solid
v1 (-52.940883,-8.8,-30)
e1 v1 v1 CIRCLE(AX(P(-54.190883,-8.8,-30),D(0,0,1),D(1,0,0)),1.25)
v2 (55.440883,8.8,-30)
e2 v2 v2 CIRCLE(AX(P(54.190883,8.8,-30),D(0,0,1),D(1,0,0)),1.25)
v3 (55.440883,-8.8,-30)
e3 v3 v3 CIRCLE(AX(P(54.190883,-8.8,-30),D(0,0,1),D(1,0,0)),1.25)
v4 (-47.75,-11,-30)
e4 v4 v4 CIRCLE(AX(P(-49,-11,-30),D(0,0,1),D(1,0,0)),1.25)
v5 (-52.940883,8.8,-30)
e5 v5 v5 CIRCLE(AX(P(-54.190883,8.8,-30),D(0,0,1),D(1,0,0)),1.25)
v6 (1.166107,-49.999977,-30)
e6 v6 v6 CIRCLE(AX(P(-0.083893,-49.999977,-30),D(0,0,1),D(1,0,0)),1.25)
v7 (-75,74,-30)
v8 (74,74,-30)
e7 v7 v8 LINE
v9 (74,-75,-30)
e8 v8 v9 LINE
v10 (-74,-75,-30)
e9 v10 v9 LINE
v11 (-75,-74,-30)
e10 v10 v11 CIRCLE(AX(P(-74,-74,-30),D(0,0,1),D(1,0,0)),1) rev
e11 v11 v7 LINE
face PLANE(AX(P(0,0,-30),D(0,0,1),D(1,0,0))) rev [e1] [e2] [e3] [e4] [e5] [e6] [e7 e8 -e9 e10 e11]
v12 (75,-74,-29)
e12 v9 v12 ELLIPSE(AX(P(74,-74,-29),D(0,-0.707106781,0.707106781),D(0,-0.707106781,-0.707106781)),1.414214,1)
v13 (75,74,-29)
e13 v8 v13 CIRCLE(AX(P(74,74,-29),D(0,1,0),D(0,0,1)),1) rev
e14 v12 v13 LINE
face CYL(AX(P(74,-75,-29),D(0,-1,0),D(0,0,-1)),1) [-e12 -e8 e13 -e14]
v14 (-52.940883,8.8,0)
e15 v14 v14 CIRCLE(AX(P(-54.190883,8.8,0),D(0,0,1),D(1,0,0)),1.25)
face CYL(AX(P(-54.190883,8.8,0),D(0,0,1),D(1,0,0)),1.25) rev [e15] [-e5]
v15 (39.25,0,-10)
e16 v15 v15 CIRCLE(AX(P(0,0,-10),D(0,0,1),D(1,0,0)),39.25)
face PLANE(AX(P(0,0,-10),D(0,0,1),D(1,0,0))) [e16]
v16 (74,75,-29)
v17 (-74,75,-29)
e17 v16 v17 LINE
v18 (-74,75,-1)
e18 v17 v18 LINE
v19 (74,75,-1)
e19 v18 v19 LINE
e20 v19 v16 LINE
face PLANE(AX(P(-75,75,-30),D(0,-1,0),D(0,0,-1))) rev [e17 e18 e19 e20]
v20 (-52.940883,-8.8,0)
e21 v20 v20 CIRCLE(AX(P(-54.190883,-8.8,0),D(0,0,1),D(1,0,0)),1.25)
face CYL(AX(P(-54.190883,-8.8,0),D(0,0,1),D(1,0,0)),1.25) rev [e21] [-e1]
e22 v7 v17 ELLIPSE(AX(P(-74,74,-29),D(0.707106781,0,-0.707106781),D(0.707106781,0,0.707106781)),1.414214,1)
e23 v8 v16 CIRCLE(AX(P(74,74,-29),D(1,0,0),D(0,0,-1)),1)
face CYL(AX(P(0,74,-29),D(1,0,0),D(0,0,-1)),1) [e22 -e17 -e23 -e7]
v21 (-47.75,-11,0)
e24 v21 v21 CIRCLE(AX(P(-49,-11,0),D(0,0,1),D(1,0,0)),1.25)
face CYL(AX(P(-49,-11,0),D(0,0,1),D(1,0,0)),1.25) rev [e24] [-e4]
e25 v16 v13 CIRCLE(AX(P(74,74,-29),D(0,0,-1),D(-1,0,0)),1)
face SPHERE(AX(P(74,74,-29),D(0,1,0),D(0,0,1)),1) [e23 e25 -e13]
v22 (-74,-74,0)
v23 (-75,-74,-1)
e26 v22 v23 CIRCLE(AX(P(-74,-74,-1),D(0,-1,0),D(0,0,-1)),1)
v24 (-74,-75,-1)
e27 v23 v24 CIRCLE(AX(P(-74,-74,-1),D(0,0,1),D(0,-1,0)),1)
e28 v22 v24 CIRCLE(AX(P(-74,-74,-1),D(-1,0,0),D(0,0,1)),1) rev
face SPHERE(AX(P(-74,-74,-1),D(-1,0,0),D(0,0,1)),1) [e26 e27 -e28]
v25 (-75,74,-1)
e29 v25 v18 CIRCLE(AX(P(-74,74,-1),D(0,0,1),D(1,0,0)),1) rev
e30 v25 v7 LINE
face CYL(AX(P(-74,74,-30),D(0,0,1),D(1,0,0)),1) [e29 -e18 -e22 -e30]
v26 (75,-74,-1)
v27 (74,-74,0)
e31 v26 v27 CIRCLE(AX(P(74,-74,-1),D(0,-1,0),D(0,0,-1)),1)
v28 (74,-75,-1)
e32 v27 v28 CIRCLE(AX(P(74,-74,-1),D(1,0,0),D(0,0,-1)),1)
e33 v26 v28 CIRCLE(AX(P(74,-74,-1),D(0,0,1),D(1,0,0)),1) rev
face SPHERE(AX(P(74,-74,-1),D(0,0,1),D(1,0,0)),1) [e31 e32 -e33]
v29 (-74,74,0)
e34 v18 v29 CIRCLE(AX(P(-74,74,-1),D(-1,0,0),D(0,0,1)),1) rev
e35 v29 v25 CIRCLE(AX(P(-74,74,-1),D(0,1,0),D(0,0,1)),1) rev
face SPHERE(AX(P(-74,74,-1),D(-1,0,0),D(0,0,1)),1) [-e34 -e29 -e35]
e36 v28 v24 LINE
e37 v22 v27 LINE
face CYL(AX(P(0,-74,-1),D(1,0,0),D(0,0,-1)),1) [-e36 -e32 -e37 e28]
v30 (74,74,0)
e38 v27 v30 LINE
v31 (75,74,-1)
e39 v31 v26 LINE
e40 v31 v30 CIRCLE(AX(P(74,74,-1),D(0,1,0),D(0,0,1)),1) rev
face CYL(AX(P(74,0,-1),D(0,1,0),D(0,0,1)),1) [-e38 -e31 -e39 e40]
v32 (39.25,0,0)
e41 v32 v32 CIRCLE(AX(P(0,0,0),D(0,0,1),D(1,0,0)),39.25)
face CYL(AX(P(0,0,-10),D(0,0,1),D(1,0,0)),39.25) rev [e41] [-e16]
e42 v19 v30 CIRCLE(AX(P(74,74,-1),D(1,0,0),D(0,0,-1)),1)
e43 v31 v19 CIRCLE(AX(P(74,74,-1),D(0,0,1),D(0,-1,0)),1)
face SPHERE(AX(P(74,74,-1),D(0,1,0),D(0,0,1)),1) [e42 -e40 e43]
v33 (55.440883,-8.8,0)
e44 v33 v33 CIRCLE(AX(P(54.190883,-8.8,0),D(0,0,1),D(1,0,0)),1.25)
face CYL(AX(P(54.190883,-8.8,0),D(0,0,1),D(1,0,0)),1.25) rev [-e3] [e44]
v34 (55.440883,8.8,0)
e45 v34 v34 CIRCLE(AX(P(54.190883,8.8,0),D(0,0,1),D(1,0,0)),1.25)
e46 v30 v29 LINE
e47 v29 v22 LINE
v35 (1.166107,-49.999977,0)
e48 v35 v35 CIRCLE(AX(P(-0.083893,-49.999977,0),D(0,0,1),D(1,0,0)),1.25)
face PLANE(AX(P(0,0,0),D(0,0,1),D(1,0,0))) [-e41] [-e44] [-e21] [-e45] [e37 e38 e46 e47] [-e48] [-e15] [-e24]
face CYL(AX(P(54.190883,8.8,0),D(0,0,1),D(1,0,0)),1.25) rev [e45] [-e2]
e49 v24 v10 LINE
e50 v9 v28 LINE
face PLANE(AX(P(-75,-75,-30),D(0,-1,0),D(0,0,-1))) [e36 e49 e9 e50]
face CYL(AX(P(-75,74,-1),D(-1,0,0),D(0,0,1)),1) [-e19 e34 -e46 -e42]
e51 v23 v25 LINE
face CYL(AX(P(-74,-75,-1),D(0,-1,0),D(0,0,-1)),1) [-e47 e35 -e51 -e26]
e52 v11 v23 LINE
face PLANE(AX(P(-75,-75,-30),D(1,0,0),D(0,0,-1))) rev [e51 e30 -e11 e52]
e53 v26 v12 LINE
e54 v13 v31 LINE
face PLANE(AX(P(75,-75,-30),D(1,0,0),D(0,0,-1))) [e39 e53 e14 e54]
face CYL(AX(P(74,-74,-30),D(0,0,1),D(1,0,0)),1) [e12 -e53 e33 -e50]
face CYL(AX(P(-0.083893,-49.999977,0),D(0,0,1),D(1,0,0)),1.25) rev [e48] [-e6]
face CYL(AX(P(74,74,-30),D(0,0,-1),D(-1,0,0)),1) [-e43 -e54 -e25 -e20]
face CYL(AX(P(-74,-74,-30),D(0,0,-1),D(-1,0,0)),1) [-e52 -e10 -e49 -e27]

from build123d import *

# Parameters (mm, degrees)
SKETCH1_W                   = 150
SKETCH1_H                   = 150
BOSS_EXTRUDE1_DEPTH         = 30
FILLET1_R                   = 1
SKETCH2_R                   = 39.25
CUT_EXTRUDE4_DEPTH          = 10
TAP_DRILL_FOR_M3X0_5_TAP2_D = 2.5
TAP_DRILL_FOR_M3X0_5_TAP3_D = 2.5
TAP_DRILL_FOR_M3X0_5_TAP5_D = 2.5


with BuildPart() as part:
    # Sketch1 → Boss-Extrude1 (new body)
    with BuildSketch(Plane.XY):
        Rectangle(SKETCH1_W, SKETCH1_H)
    extrude(amount=-BOSS_EXTRUDE1_DEPTH)

    # Fillet1
    fillet1_edges = [part.edges().sort_by_distance(p)[0] for p in [
        (0, 75, -30),
        (-75, 0, 0),
        (0, 75, 0),
        (75, 0, 0),
        (0, -75, 0),
        (-75, -75, -15),
        (-75, 75, -15),
        (75, 75, -15),
        (75, -75, -15),
        (75, 0, -30),
    ]]
    fillet(fillet1_edges, radius=FILLET1_R)

    # Sketch2 → Cut-Extrude4 (cut)
    with BuildSketch(Plane.XY):
        Circle(SKETCH2_R)
    extrude(amount=-CUT_EXTRUDE4_DEPTH, mode=Mode.SUBTRACT)

    # Tap Drill for M3x0.5 Tap2 (through all)
    with Locations(Plane.XY):
        with Locations((-54.190883488, -8.8), (-54.190883488, 8.8), (54.190883488, -8.8), (54.190883488, 8.8)):
            Hole(TAP_DRILL_FOR_M3X0_5_TAP2_D / 2)

    # Tap Drill for M3x0.5 Tap3 (through all)
    with Locations(Plane.XY):
        with Locations((-49, -11)):
            Hole(TAP_DRILL_FOR_M3X0_5_TAP3_D / 2)

    # Tap Drill for M3x0.5 Tap5 (through all)
    with Locations(Plane.XY):
        with Locations((-0.083892693, -49.999977478)):
            Hole(TAP_DRILL_FOR_M3X0_5_TAP5_D / 2)


solid = part.part
